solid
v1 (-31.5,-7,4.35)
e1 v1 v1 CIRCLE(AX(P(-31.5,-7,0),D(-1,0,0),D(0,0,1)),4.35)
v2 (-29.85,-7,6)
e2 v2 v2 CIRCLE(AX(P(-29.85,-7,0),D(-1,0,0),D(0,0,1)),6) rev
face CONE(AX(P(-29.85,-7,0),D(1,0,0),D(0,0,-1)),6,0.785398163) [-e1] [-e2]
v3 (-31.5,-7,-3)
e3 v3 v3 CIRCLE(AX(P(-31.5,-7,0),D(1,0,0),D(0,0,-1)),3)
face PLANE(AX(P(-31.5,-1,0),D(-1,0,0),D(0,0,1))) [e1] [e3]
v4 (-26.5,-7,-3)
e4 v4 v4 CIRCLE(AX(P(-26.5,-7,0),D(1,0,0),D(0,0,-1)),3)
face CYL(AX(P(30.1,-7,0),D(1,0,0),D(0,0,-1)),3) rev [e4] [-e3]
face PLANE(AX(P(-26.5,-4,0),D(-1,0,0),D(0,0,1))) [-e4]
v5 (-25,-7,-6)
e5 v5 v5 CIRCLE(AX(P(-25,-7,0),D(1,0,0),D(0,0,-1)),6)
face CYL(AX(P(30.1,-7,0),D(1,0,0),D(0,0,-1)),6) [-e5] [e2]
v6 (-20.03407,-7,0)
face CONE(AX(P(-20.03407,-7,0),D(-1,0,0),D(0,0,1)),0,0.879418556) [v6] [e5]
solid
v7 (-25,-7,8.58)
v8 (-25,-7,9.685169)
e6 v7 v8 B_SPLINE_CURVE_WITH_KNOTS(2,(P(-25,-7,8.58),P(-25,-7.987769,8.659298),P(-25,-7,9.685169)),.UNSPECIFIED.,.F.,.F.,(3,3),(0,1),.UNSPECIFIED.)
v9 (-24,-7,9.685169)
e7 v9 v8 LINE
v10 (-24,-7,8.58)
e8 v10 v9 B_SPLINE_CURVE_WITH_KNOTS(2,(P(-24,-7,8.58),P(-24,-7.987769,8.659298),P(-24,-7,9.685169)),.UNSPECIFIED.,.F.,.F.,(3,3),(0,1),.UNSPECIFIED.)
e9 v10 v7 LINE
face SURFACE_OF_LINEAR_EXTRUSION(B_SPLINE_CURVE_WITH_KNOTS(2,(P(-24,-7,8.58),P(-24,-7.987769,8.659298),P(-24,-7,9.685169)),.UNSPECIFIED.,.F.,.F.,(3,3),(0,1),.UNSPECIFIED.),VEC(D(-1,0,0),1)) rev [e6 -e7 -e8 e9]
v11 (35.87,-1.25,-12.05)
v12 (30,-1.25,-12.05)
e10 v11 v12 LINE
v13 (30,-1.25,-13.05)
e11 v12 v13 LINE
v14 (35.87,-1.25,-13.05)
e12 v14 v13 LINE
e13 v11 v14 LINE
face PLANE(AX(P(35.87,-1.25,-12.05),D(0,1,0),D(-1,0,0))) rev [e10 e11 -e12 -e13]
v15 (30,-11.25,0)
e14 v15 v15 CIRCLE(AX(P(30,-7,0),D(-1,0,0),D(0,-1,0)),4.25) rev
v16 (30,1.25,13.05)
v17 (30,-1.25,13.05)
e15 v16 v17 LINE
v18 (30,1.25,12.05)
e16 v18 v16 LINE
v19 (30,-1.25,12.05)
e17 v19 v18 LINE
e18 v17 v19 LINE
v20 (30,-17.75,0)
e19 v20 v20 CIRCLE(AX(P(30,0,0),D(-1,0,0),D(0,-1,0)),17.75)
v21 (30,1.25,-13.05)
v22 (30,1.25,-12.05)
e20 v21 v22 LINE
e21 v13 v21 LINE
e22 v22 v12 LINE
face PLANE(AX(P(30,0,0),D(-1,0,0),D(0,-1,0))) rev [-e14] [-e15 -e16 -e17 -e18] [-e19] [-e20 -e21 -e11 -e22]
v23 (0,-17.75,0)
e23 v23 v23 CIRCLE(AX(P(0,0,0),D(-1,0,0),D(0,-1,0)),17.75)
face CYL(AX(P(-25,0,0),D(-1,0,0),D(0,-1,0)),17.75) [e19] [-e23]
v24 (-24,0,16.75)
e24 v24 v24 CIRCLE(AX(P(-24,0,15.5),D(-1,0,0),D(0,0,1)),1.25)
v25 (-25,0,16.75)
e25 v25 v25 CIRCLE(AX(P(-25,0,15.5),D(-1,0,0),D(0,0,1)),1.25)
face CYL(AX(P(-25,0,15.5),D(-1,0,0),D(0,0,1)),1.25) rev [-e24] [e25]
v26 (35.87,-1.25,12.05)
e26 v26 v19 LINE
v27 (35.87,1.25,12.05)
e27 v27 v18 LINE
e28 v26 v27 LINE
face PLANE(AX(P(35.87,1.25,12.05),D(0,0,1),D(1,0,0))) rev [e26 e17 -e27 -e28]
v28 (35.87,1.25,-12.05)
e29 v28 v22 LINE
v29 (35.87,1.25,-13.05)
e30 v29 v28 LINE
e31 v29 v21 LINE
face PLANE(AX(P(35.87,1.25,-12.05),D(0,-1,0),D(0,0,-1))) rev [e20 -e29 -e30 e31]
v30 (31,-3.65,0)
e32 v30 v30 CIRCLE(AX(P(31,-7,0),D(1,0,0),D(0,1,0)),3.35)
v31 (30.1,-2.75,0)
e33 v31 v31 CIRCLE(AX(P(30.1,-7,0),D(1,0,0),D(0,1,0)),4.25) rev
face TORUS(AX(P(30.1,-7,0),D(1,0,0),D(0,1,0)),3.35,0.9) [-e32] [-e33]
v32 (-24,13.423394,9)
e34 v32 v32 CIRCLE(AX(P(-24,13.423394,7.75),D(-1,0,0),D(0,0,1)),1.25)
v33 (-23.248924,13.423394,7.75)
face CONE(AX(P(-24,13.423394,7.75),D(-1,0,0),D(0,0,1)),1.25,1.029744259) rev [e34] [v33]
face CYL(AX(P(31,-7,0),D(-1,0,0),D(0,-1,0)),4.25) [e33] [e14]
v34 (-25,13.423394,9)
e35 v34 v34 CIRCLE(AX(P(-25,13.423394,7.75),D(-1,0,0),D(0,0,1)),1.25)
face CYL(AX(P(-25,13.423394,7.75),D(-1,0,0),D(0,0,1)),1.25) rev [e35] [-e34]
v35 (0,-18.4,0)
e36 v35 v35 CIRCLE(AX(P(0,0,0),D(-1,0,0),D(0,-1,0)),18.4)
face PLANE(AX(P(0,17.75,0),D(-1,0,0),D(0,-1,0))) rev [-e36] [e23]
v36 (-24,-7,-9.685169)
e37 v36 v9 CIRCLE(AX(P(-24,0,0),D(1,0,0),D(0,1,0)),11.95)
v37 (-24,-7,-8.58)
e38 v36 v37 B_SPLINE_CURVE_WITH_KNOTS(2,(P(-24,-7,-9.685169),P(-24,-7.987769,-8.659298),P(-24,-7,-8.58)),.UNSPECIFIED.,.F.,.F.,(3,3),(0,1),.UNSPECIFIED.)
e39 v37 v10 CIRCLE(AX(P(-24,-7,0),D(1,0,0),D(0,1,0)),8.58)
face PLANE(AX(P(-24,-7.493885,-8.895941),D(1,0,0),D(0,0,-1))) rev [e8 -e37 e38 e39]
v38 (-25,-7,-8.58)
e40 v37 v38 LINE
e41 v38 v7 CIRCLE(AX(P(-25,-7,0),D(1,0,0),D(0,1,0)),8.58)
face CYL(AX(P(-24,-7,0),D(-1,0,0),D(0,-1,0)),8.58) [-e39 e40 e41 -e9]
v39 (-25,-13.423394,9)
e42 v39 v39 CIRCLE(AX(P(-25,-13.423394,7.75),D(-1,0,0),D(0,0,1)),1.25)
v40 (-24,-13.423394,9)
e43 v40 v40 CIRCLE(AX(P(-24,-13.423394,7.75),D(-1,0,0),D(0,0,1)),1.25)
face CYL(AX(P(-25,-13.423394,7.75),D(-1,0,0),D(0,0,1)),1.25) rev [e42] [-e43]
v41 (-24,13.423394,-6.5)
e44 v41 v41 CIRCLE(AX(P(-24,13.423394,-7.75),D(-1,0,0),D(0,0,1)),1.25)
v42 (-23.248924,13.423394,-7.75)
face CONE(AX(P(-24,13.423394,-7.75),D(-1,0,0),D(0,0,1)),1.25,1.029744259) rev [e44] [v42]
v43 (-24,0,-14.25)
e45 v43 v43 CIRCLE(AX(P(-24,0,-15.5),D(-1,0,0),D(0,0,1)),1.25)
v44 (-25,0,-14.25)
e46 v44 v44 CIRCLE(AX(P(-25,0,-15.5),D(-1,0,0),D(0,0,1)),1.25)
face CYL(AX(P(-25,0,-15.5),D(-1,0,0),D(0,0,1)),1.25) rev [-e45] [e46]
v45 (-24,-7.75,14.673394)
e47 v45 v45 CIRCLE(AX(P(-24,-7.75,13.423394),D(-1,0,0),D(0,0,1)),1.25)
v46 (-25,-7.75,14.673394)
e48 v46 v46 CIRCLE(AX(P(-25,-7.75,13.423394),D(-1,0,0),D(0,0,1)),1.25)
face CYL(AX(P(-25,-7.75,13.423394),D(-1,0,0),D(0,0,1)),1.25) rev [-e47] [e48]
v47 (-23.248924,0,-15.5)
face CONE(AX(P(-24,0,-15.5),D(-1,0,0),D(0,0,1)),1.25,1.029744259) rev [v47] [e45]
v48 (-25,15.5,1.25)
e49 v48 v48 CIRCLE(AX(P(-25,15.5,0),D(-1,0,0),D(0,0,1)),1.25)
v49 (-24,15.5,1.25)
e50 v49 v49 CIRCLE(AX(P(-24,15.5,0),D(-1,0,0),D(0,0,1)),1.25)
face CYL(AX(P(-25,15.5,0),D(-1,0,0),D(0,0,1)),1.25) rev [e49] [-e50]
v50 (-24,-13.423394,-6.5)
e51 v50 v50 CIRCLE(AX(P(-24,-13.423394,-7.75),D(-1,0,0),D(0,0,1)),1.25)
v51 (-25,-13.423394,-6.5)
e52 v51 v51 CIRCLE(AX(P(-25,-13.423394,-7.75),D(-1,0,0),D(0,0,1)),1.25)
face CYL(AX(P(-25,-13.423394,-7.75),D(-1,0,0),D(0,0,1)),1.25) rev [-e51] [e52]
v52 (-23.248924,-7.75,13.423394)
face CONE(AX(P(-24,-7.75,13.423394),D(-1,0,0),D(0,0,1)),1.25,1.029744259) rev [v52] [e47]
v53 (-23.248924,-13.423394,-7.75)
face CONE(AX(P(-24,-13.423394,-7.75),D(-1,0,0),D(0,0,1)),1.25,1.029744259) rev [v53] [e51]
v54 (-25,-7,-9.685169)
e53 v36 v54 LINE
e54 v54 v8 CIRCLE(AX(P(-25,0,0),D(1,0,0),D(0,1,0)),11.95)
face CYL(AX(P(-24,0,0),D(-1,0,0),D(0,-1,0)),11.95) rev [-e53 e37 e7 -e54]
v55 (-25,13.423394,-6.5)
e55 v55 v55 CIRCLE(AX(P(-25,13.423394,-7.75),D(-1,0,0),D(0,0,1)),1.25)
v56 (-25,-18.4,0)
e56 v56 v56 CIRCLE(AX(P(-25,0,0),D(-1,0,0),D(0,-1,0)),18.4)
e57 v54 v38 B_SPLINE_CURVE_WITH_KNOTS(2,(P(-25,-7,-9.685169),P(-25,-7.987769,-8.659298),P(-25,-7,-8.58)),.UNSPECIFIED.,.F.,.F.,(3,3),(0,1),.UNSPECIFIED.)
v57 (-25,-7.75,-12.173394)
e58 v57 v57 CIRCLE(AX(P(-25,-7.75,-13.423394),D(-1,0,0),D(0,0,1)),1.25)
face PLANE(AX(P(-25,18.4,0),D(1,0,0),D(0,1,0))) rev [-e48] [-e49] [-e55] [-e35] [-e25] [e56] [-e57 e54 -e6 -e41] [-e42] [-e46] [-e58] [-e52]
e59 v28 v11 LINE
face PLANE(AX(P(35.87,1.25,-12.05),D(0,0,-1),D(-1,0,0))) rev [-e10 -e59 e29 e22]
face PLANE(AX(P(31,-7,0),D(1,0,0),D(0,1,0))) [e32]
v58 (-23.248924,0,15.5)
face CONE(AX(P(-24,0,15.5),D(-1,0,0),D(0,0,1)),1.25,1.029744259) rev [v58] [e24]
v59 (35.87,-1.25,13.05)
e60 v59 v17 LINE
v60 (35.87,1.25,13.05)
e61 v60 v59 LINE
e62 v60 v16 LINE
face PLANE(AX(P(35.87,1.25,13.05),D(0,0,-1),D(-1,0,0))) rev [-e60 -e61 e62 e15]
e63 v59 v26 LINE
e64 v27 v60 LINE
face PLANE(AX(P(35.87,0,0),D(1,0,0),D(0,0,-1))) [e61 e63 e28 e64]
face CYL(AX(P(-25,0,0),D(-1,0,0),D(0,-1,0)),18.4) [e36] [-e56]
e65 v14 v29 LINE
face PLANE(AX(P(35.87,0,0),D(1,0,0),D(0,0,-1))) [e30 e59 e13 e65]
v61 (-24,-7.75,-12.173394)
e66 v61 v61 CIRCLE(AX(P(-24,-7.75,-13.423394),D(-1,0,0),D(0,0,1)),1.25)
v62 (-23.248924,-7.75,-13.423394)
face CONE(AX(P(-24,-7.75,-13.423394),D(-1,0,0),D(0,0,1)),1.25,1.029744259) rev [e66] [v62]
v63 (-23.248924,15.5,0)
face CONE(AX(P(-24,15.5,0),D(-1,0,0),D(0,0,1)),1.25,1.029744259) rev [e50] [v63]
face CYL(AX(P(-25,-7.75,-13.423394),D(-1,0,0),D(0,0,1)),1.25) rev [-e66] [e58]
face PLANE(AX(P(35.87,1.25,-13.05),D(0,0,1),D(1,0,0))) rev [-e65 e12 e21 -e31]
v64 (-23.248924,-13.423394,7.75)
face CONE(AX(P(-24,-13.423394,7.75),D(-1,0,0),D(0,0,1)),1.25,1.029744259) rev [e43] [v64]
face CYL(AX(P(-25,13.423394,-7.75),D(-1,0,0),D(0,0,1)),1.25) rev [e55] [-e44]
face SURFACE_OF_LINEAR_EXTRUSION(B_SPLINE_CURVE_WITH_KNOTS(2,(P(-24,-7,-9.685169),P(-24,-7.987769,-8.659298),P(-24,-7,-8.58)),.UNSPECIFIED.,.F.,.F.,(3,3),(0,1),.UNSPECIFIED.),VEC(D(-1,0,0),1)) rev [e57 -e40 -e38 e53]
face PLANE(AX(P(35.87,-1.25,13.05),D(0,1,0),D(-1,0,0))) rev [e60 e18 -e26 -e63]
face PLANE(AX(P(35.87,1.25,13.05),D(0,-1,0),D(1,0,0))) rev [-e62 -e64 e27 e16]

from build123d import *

# Parameters (mm, degrees)
SKETCH2_R                      = 4.25
BOSS_EXTRUDE1_DEPTH            = 1
FILLET1_R                      = 0.9
CHAMFER1_SIZE                  = 1.65
M3X0_5_TAPPED_HOLE2_AT_2_COUNT = 2
M3X0_5_TAPPED_HOLE2_AT_2_PITCH = 15.5
M3X0_5_TAPPED_HOLE2_AT_3_COUNT = 2
M3X0_5_TAPPED_HOLE2_AT_3_PITCH = 21.920310217
M3X0_5_TAPPED_HOLE2_AT_4_COUNT = 2
M3X0_5_TAPPED_HOLE2_AT_4_PITCH = 26.846787517
M3X0_5_TAPPED_HOLE2_AT_5_COUNT = 2
M3X0_5_TAPPED_HOLE2_AT_5_PITCH = 31
M3X0_5_TAPPED_HOLE2_AT_6_COUNT = 2
M3X0_5_TAPPED_HOLE2_AT_6_PITCH = 29.943700615
M3X0_5_TAPPED_HOLE2_AT_7_COUNT = 2
M3X0_5_TAPPED_HOLE2_AT_7_PITCH = 26.846787517
M3X0_5_TAPPED_HOLE2_AT_8_COUNT = 2
M3X0_5_TAPPED_HOLE2_AT_8_PITCH = 15.5
M3X0_5_TAPPED_HOLE2_AT_9_COUNT = 2
M3X0_5_TAPPED_HOLE2_AT_9_PITCH = 8.023390398
CUT_EXTRUDE3_DEPTH             = 1
SKETCH12_W                     = 1
SKETCH12_H                     = 2.5
BOSS_EXTRUDE3_DEPTH            = 5.87


with BuildPart() as part:
    # Sketch1 → Revolve1 (revolve)
    with BuildSketch(Plane.XY, mode=Mode.PRIVATE) as revolve1_sk:
        Polygon((30, 0), (30, 17.75), (0, 17.75), (0, 18.4), (-25, 18.4), (-25, 0), align=None)
    revolve(revolve1_sk.sketch.rotate(Axis((-25, 0, 0), (1, 0, 0)), 180), axis=Axis((-25, 0, 0), (1, 0, 0)))

    # Sketch2 → Boss-Extrude1 (add)
    with BuildSketch(Plane(origin=(30, 0, 0), x_dir=(0, 0, -1), z_dir=(1, 0, 0))):
        with Locations(Location((0, -7, 0), (0, 0, 270))):
            Circle(SKETCH2_R)
    extrude(amount=BOSS_EXTRUDE1_DEPTH)

    # Fillet1
    fillet1_edges = [part.edges().sort_by_distance(p)[0] for p in [
        (31, -2.75, 0),
    ]]
    fillet(fillet1_edges, radius=FILLET1_R)

    # Sketch11 → M3x0.5 Tapped Hole2 (revolve, cut)
    with BuildSketch(Plane(origin=(-25, 0, -15.5), x_dir=(0, 0, 1), z_dir=(0, 1, 0))):
        Polygon((0, 0), (0, 1.751075774), (1.25, 1), (1.25, 0), align=None)
    m3x0_5_tapped_hole2 = revolve(axis=Axis((-31.35, 0, -15.5), (1, 0, 0)), mode=Mode.SUBTRACT)

    # M3x0.5 Tapped Hole2 at 2: M3x0.5 Tapped Hole2 ×2
    with Locations(*[Vector(0, 0.8660254037844387, 0.5000000000000001) * (i * M3X0_5_TAPPED_HOLE2_AT_2_PITCH) for i in range(1, M3X0_5_TAPPED_HOLE2_AT_2_COUNT)]):
        add(m3x0_5_tapped_hole2, mode=Mode.SUBTRACT)

    # M3x0.5 Tapped Hole2 at 3: M3x0.5 Tapped Hole2 ×2
    with Locations(*[Vector(0, 0.7071067811865476, 0.7071067811865475) * (i * M3X0_5_TAPPED_HOLE2_AT_3_PITCH) for i in range(1, M3X0_5_TAPPED_HOLE2_AT_3_COUNT)]):
        add(m3x0_5_tapped_hole2, mode=Mode.SUBTRACT)

    # M3x0.5 Tapped Hole2 at 4: M3x0.5 Tapped Hole2 ×2
    with Locations(*[Vector(0, 0.5000000000000182, 0.8660254037844283) * (i * M3X0_5_TAPPED_HOLE2_AT_4_PITCH) for i in range(1, M3X0_5_TAPPED_HOLE2_AT_4_COUNT)]):
        add(m3x0_5_tapped_hole2, mode=Mode.SUBTRACT)

    # M3x0.5 Tapped Hole2 at 5: M3x0.5 Tapped Hole2 ×2
    with Locations(*[(0, 0, i * M3X0_5_TAPPED_HOLE2_AT_5_PITCH) for i in range(1, M3X0_5_TAPPED_HOLE2_AT_5_COUNT)]):
        add(m3x0_5_tapped_hole2, mode=Mode.SUBTRACT)

    # M3x0.5 Tapped Hole2 at 6: M3x0.5 Tapped Hole2 ×2
    with Locations(*[Vector(0, -0.25881904510249465, 0.9659258262890753) * (i * M3X0_5_TAPPED_HOLE2_AT_6_PITCH) for i in range(1, M3X0_5_TAPPED_HOLE2_AT_6_COUNT)]):
        add(m3x0_5_tapped_hole2, mode=Mode.SUBTRACT)

    # M3x0.5 Tapped Hole2 at 7: M3x0.5 Tapped Hole2 ×2
    with Locations(*[Vector(0, -0.49999999999998174, 0.8660254037844493) * (i * M3X0_5_TAPPED_HOLE2_AT_7_PITCH) for i in range(1, M3X0_5_TAPPED_HOLE2_AT_7_COUNT)]):
        add(m3x0_5_tapped_hole2, mode=Mode.SUBTRACT)

    # M3x0.5 Tapped Hole2 at 8: M3x0.5 Tapped Hole2 ×2
    with Locations(*[Vector(0, -0.8660254037844072, 0.5000000000000545) * (i * M3X0_5_TAPPED_HOLE2_AT_8_PITCH) for i in range(1, M3X0_5_TAPPED_HOLE2_AT_8_COUNT)]):
        add(m3x0_5_tapped_hole2, mode=Mode.SUBTRACT)

    # M3x0.5 Tapped Hole2 at 9: M3x0.5 Tapped Hole2 ×2
    with Locations(*[Vector(0, -0.9659258262890423, 0.25881904510261794) * (i * M3X0_5_TAPPED_HOLE2_AT_9_PITCH) for i in range(1, M3X0_5_TAPPED_HOLE2_AT_9_COUNT)]):
        add(m3x0_5_tapped_hole2, mode=Mode.SUBTRACT)

    # Sketch7 → Cut-Extrude3 (cut)
    with BuildSketch(Plane.ZY.offset(25)):
        with BuildLine():
            ThreePointArc((-9.685169074, -7), (0, 11.95), (9.685169074, -7))
            add(Edge.make_bspline(
                [(8.58, -7), (8.659297907, -7.987769276), (9.685169074, -7)],
                knots=[0, 0, 0, 1, 1, 1], degree=2))
            ThreePointArc((8.58, -7), (0, 1.58), (-8.58, -7))
            add(Edge.make_bspline(
                [(-9.685169074, -7), (-8.659297907, -7.987769276), (-8.58, -7)],
                knots=[0, 0, 0, 1, 1, 1], degree=2))
        make_face()
    extrude(amount=-CUT_EXTRUDE3_DEPTH, mode=Mode.SUBTRACT)

    # Sketch12 → Boss-Extrude3 (add)
    with BuildSketch(Plane(origin=(30, 0, 0), x_dir=(0, 0, -1), z_dir=(1, 0, 0))):
        with Locations((12.55, 0)):
            Rectangle(SKETCH12_W, SKETCH12_H)
        with Locations((-12.55, 0)):
            Rectangle(SKETCH12_W, SKETCH12_H)
    extrude(amount=BOSS_EXTRUDE3_DEPTH)


with BuildPart() as body_2:
    # Sketch4 → Revolve2 (revolve)
    with BuildSketch(Plane.XY, mode=Mode.PRIVATE) as revolve2_sk:
        Polygon((-20.034069856, -7), (-26.5, -7), (-26.5, -4), (-31.5, -4), (-31.5, -1), (-25, -1), align=None)
    revolve(revolve2_sk.sketch.rotate(Axis((30.1, -7, 0), (-1, 0, 0)), 90), axis=Axis((30.1, -7, 0), (-1, 0, 0)))

    # Chamfer1
    chamfer1_edges = [body_2.edges().sort_by_distance(p)[0] for p in [
        (-31.5, -7, 6),
    ]]
    chamfer(chamfer1_edges, length=CHAMFER1_SIZE)


solid = Compound([part.part, body_2.part])
